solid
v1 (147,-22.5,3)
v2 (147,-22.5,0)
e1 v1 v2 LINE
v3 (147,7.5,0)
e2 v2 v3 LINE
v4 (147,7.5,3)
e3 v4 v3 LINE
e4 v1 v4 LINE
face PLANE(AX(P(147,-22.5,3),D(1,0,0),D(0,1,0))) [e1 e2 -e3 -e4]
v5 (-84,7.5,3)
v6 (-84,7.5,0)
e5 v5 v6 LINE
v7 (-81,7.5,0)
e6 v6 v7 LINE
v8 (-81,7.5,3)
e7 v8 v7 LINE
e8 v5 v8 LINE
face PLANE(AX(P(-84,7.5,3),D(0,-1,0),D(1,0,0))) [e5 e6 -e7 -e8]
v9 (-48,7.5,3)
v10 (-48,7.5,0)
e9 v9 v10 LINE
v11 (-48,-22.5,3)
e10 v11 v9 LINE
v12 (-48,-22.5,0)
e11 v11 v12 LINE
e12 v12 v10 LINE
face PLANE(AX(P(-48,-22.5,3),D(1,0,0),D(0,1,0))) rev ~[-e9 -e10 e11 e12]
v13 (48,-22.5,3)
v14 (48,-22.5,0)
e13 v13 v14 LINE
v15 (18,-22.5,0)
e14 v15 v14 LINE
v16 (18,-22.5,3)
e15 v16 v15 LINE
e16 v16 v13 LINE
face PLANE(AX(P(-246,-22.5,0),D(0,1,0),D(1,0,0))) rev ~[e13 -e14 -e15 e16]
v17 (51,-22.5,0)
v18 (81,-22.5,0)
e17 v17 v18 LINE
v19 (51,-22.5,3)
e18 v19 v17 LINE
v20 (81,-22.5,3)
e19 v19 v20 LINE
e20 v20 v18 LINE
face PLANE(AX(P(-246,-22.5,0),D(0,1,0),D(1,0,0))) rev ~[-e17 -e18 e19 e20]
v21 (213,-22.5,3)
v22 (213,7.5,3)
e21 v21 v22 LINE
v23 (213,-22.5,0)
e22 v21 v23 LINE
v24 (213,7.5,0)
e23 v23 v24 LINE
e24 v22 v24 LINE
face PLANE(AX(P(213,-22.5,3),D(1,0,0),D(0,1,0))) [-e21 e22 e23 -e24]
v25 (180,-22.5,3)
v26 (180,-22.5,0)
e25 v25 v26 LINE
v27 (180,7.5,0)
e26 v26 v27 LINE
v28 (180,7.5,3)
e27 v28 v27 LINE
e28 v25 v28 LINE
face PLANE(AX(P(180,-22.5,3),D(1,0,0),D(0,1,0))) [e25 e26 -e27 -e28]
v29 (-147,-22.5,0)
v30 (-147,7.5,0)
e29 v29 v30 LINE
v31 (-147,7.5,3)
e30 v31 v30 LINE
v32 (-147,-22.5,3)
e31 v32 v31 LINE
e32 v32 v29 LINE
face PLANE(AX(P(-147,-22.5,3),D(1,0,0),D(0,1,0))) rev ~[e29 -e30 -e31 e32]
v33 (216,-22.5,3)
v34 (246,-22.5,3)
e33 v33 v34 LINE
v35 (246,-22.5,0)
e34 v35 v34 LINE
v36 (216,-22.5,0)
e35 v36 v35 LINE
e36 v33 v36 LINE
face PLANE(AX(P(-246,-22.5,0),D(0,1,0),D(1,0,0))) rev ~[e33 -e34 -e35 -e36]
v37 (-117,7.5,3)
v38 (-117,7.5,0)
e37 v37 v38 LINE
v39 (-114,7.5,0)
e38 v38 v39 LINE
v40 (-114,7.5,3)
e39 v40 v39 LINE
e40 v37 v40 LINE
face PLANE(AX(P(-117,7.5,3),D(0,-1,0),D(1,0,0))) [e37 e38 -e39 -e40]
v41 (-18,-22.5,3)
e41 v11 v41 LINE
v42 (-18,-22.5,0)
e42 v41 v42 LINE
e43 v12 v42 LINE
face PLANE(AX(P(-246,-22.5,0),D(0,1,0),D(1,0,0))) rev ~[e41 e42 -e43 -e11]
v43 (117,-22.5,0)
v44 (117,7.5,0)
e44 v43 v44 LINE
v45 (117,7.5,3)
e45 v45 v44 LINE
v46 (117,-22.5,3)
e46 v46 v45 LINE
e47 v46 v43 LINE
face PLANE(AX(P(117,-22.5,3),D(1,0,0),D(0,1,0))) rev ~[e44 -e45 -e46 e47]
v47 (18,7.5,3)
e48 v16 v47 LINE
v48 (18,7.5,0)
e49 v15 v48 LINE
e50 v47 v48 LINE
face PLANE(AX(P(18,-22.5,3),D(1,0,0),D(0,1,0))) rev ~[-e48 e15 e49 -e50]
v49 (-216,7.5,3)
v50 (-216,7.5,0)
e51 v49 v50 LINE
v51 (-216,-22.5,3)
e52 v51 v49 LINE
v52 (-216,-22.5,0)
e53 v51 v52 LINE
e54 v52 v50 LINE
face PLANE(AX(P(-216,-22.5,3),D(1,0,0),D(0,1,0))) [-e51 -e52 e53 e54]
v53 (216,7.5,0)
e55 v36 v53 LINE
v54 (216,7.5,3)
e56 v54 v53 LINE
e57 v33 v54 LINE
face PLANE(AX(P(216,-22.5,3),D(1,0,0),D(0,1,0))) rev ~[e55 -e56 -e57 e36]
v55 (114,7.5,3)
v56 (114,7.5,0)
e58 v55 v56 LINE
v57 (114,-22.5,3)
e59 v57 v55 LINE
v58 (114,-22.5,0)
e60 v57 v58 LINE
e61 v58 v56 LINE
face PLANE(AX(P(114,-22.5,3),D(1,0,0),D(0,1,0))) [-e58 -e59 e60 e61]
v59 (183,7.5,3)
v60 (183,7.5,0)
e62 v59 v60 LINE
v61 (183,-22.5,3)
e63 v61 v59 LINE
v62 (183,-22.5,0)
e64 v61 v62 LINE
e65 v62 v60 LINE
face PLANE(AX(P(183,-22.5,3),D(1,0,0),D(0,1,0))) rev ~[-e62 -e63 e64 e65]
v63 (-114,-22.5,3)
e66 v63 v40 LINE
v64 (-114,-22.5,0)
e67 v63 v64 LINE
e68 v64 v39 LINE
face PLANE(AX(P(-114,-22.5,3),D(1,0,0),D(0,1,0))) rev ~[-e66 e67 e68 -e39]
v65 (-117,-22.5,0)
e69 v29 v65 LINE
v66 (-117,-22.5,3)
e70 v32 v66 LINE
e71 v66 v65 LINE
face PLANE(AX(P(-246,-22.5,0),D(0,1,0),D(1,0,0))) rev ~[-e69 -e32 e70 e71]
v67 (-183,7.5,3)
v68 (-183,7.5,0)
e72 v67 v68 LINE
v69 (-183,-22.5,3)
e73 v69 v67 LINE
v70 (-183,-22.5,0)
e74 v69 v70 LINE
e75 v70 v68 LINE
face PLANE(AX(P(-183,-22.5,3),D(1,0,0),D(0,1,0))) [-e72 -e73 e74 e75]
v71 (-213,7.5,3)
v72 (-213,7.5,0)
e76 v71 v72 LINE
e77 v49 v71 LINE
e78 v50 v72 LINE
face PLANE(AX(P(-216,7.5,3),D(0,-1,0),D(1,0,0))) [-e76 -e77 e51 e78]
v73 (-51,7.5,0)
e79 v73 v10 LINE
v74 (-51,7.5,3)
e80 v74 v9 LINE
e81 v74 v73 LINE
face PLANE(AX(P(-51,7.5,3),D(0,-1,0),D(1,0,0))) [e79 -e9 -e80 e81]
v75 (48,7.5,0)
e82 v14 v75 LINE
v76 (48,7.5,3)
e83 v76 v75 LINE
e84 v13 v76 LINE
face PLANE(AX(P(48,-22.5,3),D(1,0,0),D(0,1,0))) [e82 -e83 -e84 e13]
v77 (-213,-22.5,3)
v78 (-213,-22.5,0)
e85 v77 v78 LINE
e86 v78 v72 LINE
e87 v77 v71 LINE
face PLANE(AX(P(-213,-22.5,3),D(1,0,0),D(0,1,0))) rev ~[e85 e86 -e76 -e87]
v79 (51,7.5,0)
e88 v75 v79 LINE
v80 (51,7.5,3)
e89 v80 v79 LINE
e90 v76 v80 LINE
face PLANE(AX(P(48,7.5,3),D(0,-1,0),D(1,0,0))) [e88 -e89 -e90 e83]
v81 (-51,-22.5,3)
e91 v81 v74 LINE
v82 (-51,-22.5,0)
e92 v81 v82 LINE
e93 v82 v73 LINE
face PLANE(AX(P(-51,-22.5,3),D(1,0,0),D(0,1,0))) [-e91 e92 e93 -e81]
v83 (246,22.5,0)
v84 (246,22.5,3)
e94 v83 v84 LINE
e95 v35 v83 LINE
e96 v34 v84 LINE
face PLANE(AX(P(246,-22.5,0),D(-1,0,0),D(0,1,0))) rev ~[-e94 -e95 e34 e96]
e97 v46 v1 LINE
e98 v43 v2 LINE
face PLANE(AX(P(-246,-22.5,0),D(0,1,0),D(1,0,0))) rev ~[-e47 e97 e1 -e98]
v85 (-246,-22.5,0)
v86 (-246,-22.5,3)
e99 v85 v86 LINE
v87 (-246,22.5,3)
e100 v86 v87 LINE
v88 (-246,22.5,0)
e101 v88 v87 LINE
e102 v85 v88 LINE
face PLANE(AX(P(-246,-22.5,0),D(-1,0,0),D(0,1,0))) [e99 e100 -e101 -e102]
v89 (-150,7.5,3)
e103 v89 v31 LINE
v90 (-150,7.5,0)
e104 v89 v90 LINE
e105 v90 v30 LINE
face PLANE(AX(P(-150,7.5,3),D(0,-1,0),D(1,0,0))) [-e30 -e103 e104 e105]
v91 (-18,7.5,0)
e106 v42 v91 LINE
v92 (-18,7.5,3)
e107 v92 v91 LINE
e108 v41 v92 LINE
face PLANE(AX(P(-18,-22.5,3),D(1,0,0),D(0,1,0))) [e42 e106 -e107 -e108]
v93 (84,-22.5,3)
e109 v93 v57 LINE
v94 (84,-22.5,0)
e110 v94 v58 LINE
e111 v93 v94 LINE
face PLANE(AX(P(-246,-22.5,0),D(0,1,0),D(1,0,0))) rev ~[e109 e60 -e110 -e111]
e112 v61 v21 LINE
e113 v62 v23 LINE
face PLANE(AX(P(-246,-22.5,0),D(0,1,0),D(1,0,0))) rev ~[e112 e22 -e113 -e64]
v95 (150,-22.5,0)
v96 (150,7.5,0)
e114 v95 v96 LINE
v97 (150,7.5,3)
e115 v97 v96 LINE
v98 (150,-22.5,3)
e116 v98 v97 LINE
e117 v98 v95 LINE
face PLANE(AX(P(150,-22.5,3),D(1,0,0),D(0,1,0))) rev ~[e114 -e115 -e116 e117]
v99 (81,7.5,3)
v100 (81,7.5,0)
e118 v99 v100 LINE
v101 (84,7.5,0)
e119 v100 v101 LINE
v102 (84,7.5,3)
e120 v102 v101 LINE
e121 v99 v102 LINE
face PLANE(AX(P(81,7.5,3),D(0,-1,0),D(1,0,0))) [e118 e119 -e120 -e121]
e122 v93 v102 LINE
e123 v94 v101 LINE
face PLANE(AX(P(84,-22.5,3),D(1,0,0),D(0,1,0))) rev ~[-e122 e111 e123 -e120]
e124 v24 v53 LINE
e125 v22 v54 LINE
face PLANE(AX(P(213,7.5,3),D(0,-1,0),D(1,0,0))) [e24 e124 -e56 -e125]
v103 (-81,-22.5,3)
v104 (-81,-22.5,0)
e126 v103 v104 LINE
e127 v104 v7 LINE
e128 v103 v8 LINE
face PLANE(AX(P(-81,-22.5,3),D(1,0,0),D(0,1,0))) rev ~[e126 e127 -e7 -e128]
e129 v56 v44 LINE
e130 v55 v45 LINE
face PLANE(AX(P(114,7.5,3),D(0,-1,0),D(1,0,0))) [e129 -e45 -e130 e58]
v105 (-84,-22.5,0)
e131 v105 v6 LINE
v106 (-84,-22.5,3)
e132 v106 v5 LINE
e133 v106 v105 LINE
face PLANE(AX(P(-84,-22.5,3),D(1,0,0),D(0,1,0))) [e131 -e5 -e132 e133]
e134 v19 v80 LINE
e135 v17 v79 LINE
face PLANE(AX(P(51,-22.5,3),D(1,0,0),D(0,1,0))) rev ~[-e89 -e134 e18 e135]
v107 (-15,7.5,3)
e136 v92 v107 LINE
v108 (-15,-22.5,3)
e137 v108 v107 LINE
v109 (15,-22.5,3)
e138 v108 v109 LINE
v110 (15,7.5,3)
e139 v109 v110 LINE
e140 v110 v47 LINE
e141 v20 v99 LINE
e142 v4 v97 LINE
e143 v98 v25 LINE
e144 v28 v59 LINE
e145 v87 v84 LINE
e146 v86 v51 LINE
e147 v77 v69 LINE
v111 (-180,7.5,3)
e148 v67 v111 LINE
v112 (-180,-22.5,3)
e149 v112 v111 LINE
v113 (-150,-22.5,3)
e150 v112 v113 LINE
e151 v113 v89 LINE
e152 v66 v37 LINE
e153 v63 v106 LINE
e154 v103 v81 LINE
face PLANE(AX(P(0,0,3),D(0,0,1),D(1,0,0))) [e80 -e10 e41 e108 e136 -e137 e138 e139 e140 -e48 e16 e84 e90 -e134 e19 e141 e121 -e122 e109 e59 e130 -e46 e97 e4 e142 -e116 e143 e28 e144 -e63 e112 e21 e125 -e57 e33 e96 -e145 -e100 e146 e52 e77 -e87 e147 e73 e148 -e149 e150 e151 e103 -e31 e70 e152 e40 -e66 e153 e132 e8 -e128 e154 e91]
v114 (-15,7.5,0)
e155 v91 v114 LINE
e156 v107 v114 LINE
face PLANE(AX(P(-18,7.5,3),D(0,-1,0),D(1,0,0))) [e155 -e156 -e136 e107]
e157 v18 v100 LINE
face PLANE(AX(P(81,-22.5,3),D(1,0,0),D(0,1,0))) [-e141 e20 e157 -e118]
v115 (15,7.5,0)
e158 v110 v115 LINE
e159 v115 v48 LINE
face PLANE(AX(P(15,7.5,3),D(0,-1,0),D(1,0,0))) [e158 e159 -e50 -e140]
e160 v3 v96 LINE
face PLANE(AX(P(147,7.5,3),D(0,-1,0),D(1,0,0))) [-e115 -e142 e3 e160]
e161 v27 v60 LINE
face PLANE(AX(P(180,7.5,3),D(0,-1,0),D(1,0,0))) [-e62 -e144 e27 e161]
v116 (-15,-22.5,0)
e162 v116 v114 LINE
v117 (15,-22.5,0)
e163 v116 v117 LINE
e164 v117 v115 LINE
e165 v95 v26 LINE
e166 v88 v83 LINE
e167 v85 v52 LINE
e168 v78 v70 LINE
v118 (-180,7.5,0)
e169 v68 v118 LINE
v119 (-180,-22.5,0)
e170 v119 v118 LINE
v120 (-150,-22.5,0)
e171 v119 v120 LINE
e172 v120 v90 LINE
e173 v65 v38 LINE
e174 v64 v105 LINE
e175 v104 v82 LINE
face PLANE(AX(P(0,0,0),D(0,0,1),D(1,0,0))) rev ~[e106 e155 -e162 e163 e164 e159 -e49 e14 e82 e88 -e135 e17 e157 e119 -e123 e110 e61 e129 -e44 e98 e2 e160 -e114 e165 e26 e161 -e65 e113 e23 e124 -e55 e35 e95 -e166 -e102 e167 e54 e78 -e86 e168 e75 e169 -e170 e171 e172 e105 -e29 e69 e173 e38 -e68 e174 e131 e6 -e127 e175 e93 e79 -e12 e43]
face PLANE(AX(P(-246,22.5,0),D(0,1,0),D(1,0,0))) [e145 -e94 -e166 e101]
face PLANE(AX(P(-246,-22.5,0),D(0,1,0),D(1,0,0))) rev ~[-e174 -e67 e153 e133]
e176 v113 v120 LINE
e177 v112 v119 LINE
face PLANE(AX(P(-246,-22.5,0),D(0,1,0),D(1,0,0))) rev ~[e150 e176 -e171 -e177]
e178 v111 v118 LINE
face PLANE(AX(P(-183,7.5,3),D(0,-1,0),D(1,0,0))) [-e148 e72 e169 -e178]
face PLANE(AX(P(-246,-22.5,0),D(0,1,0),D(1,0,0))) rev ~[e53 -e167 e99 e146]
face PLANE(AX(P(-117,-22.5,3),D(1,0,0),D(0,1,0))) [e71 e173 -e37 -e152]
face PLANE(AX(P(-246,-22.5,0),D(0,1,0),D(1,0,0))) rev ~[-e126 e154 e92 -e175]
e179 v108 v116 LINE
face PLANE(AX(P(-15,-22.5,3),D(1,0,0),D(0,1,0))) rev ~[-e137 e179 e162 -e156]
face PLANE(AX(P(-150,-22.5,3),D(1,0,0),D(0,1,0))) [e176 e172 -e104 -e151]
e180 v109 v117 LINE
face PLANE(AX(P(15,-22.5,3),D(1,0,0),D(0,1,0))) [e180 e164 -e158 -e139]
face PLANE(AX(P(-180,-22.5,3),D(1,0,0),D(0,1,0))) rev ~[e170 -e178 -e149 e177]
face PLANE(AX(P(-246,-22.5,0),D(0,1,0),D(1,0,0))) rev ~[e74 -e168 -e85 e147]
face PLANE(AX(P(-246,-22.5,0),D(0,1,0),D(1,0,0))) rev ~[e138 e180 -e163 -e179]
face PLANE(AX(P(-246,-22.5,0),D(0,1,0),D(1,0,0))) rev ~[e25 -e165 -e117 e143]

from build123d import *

# Parameters (mm, degrees)
SKETCH1_W           = 492
SKETCH1_H           = 45
BOSS_EXTRUDE1_DEPTH = 3
SKETCH2_W           = 3
SKETCH2_H           = 30
CUT_EXTRUDE1_DEPTH  = 4
LPATTERN1_COUNT     = 14
LPATTERN1_PITCH     = 33


with BuildPart() as part:
    # Sketch1 → Boss-Extrude1 (new body)
    with BuildSketch(Plane.XY):
        Rectangle(SKETCH1_W, SKETCH1_H)
    extrude(amount=BOSS_EXTRUDE1_DEPTH)

    # Sketch2 → Cut-Extrude1 (cut, through all)
    with BuildSketch(Plane.XY.offset(3)):
        with Locations((-214.5, -7.5)):
            Rectangle(SKETCH2_W, SKETCH2_H)
    cut_extrude1 = extrude(amount=-CUT_EXTRUDE1_DEPTH, mode=Mode.SUBTRACT)

    # LPattern1: Cut-Extrude1 ×14
    with Locations(*[(i * LPATTERN1_PITCH, 0, 0) for i in range(1, LPATTERN1_COUNT)]):
        add(cut_extrude1, mode=Mode.SUBTRACT)


solid = part.part
